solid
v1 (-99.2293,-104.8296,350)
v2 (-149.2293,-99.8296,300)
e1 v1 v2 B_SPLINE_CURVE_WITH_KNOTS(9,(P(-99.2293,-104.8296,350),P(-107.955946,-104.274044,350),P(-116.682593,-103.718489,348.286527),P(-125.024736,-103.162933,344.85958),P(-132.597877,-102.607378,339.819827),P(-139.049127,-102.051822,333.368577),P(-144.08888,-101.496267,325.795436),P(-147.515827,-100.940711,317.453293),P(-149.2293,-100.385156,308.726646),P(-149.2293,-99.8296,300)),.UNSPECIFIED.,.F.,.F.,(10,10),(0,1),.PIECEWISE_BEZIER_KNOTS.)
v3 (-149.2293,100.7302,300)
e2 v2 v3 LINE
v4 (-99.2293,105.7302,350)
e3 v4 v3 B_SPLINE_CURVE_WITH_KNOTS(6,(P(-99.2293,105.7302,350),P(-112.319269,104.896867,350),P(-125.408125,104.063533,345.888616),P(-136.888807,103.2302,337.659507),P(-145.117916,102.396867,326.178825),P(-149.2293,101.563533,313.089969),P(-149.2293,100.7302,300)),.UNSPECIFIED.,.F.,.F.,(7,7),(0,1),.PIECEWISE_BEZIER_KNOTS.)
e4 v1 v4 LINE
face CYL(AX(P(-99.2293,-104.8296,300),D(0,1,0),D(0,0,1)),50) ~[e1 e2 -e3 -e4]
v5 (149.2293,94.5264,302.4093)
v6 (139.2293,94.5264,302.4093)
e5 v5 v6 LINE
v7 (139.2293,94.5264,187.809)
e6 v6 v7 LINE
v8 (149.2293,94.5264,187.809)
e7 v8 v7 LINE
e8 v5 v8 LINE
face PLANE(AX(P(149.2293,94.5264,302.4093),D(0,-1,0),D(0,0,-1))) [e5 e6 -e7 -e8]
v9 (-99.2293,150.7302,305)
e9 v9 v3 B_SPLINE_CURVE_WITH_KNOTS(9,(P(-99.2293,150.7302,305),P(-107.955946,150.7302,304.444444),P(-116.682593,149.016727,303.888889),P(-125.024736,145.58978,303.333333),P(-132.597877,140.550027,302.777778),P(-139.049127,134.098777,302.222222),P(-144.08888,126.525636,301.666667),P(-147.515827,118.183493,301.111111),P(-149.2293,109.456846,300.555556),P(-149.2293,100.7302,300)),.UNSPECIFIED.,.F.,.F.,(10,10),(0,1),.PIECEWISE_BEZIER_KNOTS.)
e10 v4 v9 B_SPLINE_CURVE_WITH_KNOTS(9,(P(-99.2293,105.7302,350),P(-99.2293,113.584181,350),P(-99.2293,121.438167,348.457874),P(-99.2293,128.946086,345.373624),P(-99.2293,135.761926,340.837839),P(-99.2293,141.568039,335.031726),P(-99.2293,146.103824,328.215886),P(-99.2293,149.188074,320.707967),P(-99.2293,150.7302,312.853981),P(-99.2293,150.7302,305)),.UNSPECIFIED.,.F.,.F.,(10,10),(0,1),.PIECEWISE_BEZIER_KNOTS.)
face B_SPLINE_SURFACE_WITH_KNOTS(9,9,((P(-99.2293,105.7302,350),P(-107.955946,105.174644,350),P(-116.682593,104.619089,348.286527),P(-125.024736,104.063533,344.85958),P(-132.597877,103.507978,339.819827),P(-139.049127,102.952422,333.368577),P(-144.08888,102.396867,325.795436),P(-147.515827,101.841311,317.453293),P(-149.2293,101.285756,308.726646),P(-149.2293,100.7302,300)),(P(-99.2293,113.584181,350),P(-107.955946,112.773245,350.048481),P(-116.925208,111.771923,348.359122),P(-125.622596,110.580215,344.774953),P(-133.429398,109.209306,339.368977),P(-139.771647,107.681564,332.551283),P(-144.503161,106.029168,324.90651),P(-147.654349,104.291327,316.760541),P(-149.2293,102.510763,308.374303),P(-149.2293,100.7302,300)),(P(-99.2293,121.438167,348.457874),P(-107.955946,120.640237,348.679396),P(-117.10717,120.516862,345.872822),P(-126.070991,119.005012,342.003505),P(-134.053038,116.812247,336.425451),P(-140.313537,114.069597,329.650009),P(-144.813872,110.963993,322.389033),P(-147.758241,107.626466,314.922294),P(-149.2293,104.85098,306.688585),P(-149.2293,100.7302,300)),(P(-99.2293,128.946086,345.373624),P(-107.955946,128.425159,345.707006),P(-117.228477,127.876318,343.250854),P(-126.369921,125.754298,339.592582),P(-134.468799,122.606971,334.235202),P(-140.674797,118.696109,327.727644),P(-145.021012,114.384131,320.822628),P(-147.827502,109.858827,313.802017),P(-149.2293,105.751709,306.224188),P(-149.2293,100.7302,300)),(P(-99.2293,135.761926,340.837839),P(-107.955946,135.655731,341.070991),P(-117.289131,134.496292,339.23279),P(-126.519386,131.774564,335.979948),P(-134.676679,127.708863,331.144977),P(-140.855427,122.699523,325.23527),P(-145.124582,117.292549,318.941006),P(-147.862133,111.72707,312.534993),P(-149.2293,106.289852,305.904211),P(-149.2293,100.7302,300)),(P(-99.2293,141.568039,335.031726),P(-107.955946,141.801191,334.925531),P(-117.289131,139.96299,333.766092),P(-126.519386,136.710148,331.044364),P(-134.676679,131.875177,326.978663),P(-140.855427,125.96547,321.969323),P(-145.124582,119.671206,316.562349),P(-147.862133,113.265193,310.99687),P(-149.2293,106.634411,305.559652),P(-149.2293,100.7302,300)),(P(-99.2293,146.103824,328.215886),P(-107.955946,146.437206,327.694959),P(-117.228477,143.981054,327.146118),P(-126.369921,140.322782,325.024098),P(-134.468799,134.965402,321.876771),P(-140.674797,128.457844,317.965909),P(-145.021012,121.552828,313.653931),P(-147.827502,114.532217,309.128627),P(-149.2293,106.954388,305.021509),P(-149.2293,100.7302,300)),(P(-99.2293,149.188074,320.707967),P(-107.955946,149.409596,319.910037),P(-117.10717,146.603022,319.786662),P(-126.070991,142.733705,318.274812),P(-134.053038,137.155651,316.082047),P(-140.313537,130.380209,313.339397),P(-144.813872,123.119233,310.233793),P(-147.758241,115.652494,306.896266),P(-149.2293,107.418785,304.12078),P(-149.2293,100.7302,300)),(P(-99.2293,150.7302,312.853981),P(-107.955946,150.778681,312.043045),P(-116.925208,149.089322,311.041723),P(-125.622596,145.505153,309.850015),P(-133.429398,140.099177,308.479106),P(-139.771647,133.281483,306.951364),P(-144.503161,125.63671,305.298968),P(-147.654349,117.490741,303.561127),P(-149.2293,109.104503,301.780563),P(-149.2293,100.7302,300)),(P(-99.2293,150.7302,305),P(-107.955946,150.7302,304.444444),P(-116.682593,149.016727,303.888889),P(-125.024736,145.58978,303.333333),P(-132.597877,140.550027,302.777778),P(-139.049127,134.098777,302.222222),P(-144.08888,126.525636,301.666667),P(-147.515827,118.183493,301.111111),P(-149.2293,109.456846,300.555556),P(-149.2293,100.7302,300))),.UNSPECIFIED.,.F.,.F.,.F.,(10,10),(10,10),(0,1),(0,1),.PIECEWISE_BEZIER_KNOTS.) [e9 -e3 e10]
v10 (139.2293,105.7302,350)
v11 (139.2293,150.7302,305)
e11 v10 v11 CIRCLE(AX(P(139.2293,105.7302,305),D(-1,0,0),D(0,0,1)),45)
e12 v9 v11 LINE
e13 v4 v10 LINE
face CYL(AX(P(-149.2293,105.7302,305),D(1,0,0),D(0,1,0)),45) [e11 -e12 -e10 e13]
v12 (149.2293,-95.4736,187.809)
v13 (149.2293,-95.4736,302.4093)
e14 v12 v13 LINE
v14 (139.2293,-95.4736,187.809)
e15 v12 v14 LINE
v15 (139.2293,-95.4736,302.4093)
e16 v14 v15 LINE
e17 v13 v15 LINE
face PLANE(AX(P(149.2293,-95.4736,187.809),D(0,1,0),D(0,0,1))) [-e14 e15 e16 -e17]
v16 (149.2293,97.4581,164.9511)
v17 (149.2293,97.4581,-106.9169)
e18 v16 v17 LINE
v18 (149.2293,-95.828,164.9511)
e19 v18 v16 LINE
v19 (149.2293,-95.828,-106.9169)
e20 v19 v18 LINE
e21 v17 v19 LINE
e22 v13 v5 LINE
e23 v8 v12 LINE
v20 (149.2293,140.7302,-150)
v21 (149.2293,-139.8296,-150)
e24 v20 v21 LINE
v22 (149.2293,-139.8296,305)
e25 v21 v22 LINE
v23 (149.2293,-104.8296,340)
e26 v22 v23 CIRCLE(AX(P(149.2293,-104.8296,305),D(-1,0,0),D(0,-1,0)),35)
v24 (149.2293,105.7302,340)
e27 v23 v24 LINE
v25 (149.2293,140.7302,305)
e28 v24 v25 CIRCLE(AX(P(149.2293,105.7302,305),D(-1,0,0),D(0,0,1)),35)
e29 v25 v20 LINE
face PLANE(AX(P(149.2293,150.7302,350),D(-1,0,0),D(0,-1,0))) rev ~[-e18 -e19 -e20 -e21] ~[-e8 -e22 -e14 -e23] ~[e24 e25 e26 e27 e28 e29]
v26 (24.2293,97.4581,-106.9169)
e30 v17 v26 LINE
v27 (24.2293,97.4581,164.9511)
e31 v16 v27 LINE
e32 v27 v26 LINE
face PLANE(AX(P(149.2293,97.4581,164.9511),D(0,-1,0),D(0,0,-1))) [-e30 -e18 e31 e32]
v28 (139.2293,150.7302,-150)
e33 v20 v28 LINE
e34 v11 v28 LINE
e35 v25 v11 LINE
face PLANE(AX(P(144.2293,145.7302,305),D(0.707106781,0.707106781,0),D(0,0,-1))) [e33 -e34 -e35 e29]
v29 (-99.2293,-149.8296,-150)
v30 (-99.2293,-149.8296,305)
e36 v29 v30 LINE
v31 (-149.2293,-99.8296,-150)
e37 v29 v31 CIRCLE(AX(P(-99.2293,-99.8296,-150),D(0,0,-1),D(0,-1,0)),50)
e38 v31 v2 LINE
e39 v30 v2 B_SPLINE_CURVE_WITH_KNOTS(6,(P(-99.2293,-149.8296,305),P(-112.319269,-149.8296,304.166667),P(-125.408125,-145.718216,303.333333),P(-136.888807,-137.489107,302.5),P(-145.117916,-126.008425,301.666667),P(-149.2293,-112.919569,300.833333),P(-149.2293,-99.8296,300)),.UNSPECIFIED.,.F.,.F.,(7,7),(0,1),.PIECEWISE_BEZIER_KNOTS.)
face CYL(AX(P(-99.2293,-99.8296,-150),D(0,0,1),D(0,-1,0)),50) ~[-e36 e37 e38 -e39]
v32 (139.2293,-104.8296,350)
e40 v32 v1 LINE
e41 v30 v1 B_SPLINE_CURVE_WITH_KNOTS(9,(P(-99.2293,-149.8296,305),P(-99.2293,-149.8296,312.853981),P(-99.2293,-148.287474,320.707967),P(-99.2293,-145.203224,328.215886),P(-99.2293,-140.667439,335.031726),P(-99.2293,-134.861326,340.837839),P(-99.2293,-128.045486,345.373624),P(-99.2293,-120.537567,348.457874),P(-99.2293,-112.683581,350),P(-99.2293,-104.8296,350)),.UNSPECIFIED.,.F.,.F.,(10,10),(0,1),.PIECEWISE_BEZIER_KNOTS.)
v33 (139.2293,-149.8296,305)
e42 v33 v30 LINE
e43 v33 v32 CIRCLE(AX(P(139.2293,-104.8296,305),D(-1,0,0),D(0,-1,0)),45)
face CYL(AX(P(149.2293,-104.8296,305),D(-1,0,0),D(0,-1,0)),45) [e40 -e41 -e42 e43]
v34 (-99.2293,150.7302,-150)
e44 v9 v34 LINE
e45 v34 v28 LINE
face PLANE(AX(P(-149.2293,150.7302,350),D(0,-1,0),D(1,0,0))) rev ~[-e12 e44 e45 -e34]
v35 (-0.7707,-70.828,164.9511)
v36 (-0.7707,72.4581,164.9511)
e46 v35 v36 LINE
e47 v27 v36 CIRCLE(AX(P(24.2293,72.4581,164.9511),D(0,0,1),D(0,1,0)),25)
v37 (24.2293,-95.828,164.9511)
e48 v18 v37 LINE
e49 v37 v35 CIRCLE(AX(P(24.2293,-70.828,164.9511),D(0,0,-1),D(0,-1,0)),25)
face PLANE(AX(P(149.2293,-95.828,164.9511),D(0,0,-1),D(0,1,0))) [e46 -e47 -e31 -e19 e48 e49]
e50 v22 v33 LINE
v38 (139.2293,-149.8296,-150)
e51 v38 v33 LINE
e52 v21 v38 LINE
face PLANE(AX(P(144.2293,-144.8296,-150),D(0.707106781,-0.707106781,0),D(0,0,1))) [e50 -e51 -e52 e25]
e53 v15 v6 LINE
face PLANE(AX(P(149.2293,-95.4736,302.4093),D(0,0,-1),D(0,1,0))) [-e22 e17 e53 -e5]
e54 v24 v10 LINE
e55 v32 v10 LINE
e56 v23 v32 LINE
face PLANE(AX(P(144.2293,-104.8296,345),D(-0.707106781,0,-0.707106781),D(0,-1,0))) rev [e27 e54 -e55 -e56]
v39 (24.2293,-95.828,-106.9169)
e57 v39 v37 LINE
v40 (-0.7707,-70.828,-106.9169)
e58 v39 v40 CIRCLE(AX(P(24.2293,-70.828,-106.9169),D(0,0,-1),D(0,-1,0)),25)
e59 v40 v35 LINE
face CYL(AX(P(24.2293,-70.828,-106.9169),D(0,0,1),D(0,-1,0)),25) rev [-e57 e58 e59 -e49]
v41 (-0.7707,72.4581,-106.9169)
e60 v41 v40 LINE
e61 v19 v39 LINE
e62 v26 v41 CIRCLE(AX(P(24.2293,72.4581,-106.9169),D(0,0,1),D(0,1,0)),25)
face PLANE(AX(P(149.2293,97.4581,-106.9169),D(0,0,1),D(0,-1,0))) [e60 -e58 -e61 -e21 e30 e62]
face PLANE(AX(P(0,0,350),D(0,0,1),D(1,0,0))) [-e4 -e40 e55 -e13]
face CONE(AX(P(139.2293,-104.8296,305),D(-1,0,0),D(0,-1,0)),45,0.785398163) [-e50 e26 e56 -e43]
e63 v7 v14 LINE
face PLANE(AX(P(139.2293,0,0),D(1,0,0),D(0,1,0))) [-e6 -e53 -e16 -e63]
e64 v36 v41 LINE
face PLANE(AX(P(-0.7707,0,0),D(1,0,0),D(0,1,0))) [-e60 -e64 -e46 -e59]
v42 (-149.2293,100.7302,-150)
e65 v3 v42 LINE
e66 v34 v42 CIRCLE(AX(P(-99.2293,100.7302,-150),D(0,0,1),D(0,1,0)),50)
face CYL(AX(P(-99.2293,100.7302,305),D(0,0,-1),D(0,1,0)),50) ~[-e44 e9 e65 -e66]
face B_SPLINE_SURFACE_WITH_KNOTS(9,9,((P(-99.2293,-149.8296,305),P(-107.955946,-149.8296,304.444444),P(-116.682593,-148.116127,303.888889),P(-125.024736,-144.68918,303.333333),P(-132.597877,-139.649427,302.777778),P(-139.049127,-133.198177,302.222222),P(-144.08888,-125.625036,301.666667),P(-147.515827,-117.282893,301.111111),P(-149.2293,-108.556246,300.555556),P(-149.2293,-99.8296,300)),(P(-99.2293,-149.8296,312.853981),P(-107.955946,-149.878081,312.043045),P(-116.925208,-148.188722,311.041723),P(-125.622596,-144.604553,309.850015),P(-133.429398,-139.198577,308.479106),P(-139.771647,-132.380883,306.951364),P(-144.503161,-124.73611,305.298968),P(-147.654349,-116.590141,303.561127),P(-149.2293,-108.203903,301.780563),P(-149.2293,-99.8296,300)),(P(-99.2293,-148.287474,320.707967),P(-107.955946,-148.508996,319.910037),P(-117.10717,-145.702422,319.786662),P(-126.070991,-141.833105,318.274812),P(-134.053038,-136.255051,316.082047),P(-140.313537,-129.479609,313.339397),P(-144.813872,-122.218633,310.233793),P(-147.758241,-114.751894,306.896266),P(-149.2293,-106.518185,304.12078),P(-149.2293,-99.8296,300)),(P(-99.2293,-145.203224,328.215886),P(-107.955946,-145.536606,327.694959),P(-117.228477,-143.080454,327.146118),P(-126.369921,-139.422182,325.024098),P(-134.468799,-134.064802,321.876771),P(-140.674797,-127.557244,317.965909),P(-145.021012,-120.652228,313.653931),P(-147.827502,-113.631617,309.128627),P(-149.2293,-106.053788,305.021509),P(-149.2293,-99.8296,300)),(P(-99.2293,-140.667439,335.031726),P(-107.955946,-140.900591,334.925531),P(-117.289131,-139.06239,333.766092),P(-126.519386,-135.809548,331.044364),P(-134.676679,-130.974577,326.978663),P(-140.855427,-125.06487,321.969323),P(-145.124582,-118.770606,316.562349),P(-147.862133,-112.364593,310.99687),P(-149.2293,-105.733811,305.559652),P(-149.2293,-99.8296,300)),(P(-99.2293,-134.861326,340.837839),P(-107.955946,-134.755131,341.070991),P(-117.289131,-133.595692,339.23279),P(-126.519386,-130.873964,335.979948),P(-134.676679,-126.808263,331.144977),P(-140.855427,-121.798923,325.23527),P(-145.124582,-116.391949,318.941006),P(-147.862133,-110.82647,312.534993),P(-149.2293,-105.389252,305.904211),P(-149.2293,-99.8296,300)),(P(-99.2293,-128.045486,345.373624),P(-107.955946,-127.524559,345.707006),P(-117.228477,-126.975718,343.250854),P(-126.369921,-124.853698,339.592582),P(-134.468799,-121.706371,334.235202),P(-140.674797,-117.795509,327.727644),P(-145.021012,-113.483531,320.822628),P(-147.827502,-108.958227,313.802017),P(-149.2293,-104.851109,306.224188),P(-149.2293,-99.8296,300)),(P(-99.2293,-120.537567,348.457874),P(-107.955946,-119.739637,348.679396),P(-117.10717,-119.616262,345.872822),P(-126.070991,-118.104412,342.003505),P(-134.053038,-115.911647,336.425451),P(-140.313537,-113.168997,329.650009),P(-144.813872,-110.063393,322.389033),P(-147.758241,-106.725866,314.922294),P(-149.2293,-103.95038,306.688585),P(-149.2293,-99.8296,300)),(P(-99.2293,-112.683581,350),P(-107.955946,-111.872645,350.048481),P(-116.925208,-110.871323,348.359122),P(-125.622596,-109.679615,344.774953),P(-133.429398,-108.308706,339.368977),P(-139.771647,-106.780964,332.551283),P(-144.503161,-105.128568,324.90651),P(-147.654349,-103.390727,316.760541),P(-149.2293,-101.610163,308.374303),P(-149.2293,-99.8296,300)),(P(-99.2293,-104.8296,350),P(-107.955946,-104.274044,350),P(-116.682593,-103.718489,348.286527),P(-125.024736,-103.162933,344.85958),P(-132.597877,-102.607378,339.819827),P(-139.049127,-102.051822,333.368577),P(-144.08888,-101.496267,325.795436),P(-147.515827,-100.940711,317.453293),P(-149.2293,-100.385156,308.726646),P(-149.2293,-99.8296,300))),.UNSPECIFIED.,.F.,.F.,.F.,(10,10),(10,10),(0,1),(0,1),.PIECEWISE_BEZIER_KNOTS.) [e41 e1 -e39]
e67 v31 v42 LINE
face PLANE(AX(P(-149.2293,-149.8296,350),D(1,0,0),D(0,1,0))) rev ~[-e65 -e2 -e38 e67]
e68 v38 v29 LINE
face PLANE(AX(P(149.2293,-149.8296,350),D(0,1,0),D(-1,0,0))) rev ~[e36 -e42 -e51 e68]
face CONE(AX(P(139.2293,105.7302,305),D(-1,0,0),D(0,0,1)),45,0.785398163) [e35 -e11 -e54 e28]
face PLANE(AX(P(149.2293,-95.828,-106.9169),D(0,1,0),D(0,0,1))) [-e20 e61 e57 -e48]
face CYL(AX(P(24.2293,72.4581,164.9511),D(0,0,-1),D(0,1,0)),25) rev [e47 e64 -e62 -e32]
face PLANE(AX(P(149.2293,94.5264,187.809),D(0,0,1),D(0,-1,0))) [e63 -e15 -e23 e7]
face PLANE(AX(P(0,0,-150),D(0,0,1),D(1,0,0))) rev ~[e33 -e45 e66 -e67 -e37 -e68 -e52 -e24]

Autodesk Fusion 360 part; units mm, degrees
sketch "Sketch1" plane through (0, 0, 0) normal (0, 0, 1) x (1, 0, 0)
ref_plane "WorkPlane1" through (0, 0, 350) normal (0, 0, 1) x (1, 0, 0)
sketch "Sketch2" plane through (0, 0, 350) normal (0, 0, 1) x (1, 0, 0)
  line L0 (-149.2293, 150.7302) -> (149.2293, 150.7302)
  line L1 (149.2293, 150.7302) -> (149.2293, -149.8296)
  line L2 (149.2293, -149.8296) -> (-149.2293, -149.8296)
  line L3 (-149.2293, -149.8296) -> (-149.2293, 150.7302)
  dimension "d12" = 298.4585
extrude "Extrude1" add sketch "Sketch2" against normal blind 500
fillet "Fillet1" radius 45 2 edges at (0, -149.8296, 350) (0, 150.7302, 350)
sketch "Sketch3" plane through (149.2293, 0, 0) normal (1, 0, 0) x (0, 1, 0)
  arc A0 (150.7302, 305) -> (105.7302, 350) centre (105.7302, 305) ccw
  line L0 (105.7302, 350) -> (-104.8296, 350)
  arc A1 (-104.8296, 350) -> (-149.8296, 305) centre (-104.8296, 305) ccw
  line L1 (-149.8296, 305) -> (-149.8296, -150)
  line L2 (-149.8296, -150) -> (150.7302, -150)
  line L3 (150.7302, -150) -> (150.7302, 305)
  line L4 (-95.4736, 302.4093) -> (94.5264, 302.4093)
  line L5 (94.5264, 302.4093) -> (94.5264, 187.809)
  line L6 (94.5264, 187.809) -> (-95.4736, 187.809)
  line L7 (-95.4736, 187.809) -> (-95.4736, 302.4093)
extrude "Extrude2" cut sketch "Sketch3" against normal blind 10 contours L4 L5 L6 L7
sketch "Sketch4" plane through (149.2293, 0, 0) normal (1, 0, 0) x (0, 1, 0)
  line L0 (94.5264, 302.4093) -> (94.5264, 187.809)
  line L1 (94.5264, 187.809) -> (-95.4736, 187.809)
  line L2 (-95.4736, 187.809) -> (-95.4736, 302.4093)
  line L3 (-95.4736, 302.4093) -> (94.5264, 302.4093)
  arc A0 (150.7302, 305) -> (105.7302, 350) centre (105.7302, 305) ccw
  line L4 (105.7302, 350) -> (-104.8296, 350)
  arc A1 (-104.8296, 350) -> (-149.8296, 305) centre (-104.8296, 305) ccw
  line L5 (-149.8296, 305) -> (-149.8296, -150)
  line L6 (-149.8296, -150) -> (150.7302, -150)
  line L7 (150.7302, -150) -> (150.7302, 305)
  line L8 (-95.828, 164.9511) -> (97.4581, 164.9511)
  line L9 (97.4581, 164.9511) -> (97.4581, -106.9169)
  line L10 (97.4581, -106.9169) -> (-95.828, -106.9169)
  line L11 (-95.828, -106.9169) -> (-95.828, 164.9511)
extrude "Extrude3" cut sketch "Sketch4" against normal blind 150 contours L8 L9 L10 L11
fillet "Fillet2" radius 25 2 edges at (-0.7707, 97.4581, 29.0171) (-0.7707, -95.828, 29.0171)
chamfer "Chamfer1" distance 10 angle 45 5 edges at (149.2293, 150.7302, 77.5) (149.2293, 137.55, 336.8198) (149.2293, 0.4503, 350) (149.2293, -136.6494, 336.8198) (149.2293, -149.8296, 77.5)
fillet "Fillet3" radius 50 5 edges at (-149.2293, 150.7302, 77.5) (-149.2293, 137.55, 336.8198) (-149.2293, 0.4503, 350) (-149.2293, -136.6494, 336.8198) (-149.2293, -149.8296, 77.5)
